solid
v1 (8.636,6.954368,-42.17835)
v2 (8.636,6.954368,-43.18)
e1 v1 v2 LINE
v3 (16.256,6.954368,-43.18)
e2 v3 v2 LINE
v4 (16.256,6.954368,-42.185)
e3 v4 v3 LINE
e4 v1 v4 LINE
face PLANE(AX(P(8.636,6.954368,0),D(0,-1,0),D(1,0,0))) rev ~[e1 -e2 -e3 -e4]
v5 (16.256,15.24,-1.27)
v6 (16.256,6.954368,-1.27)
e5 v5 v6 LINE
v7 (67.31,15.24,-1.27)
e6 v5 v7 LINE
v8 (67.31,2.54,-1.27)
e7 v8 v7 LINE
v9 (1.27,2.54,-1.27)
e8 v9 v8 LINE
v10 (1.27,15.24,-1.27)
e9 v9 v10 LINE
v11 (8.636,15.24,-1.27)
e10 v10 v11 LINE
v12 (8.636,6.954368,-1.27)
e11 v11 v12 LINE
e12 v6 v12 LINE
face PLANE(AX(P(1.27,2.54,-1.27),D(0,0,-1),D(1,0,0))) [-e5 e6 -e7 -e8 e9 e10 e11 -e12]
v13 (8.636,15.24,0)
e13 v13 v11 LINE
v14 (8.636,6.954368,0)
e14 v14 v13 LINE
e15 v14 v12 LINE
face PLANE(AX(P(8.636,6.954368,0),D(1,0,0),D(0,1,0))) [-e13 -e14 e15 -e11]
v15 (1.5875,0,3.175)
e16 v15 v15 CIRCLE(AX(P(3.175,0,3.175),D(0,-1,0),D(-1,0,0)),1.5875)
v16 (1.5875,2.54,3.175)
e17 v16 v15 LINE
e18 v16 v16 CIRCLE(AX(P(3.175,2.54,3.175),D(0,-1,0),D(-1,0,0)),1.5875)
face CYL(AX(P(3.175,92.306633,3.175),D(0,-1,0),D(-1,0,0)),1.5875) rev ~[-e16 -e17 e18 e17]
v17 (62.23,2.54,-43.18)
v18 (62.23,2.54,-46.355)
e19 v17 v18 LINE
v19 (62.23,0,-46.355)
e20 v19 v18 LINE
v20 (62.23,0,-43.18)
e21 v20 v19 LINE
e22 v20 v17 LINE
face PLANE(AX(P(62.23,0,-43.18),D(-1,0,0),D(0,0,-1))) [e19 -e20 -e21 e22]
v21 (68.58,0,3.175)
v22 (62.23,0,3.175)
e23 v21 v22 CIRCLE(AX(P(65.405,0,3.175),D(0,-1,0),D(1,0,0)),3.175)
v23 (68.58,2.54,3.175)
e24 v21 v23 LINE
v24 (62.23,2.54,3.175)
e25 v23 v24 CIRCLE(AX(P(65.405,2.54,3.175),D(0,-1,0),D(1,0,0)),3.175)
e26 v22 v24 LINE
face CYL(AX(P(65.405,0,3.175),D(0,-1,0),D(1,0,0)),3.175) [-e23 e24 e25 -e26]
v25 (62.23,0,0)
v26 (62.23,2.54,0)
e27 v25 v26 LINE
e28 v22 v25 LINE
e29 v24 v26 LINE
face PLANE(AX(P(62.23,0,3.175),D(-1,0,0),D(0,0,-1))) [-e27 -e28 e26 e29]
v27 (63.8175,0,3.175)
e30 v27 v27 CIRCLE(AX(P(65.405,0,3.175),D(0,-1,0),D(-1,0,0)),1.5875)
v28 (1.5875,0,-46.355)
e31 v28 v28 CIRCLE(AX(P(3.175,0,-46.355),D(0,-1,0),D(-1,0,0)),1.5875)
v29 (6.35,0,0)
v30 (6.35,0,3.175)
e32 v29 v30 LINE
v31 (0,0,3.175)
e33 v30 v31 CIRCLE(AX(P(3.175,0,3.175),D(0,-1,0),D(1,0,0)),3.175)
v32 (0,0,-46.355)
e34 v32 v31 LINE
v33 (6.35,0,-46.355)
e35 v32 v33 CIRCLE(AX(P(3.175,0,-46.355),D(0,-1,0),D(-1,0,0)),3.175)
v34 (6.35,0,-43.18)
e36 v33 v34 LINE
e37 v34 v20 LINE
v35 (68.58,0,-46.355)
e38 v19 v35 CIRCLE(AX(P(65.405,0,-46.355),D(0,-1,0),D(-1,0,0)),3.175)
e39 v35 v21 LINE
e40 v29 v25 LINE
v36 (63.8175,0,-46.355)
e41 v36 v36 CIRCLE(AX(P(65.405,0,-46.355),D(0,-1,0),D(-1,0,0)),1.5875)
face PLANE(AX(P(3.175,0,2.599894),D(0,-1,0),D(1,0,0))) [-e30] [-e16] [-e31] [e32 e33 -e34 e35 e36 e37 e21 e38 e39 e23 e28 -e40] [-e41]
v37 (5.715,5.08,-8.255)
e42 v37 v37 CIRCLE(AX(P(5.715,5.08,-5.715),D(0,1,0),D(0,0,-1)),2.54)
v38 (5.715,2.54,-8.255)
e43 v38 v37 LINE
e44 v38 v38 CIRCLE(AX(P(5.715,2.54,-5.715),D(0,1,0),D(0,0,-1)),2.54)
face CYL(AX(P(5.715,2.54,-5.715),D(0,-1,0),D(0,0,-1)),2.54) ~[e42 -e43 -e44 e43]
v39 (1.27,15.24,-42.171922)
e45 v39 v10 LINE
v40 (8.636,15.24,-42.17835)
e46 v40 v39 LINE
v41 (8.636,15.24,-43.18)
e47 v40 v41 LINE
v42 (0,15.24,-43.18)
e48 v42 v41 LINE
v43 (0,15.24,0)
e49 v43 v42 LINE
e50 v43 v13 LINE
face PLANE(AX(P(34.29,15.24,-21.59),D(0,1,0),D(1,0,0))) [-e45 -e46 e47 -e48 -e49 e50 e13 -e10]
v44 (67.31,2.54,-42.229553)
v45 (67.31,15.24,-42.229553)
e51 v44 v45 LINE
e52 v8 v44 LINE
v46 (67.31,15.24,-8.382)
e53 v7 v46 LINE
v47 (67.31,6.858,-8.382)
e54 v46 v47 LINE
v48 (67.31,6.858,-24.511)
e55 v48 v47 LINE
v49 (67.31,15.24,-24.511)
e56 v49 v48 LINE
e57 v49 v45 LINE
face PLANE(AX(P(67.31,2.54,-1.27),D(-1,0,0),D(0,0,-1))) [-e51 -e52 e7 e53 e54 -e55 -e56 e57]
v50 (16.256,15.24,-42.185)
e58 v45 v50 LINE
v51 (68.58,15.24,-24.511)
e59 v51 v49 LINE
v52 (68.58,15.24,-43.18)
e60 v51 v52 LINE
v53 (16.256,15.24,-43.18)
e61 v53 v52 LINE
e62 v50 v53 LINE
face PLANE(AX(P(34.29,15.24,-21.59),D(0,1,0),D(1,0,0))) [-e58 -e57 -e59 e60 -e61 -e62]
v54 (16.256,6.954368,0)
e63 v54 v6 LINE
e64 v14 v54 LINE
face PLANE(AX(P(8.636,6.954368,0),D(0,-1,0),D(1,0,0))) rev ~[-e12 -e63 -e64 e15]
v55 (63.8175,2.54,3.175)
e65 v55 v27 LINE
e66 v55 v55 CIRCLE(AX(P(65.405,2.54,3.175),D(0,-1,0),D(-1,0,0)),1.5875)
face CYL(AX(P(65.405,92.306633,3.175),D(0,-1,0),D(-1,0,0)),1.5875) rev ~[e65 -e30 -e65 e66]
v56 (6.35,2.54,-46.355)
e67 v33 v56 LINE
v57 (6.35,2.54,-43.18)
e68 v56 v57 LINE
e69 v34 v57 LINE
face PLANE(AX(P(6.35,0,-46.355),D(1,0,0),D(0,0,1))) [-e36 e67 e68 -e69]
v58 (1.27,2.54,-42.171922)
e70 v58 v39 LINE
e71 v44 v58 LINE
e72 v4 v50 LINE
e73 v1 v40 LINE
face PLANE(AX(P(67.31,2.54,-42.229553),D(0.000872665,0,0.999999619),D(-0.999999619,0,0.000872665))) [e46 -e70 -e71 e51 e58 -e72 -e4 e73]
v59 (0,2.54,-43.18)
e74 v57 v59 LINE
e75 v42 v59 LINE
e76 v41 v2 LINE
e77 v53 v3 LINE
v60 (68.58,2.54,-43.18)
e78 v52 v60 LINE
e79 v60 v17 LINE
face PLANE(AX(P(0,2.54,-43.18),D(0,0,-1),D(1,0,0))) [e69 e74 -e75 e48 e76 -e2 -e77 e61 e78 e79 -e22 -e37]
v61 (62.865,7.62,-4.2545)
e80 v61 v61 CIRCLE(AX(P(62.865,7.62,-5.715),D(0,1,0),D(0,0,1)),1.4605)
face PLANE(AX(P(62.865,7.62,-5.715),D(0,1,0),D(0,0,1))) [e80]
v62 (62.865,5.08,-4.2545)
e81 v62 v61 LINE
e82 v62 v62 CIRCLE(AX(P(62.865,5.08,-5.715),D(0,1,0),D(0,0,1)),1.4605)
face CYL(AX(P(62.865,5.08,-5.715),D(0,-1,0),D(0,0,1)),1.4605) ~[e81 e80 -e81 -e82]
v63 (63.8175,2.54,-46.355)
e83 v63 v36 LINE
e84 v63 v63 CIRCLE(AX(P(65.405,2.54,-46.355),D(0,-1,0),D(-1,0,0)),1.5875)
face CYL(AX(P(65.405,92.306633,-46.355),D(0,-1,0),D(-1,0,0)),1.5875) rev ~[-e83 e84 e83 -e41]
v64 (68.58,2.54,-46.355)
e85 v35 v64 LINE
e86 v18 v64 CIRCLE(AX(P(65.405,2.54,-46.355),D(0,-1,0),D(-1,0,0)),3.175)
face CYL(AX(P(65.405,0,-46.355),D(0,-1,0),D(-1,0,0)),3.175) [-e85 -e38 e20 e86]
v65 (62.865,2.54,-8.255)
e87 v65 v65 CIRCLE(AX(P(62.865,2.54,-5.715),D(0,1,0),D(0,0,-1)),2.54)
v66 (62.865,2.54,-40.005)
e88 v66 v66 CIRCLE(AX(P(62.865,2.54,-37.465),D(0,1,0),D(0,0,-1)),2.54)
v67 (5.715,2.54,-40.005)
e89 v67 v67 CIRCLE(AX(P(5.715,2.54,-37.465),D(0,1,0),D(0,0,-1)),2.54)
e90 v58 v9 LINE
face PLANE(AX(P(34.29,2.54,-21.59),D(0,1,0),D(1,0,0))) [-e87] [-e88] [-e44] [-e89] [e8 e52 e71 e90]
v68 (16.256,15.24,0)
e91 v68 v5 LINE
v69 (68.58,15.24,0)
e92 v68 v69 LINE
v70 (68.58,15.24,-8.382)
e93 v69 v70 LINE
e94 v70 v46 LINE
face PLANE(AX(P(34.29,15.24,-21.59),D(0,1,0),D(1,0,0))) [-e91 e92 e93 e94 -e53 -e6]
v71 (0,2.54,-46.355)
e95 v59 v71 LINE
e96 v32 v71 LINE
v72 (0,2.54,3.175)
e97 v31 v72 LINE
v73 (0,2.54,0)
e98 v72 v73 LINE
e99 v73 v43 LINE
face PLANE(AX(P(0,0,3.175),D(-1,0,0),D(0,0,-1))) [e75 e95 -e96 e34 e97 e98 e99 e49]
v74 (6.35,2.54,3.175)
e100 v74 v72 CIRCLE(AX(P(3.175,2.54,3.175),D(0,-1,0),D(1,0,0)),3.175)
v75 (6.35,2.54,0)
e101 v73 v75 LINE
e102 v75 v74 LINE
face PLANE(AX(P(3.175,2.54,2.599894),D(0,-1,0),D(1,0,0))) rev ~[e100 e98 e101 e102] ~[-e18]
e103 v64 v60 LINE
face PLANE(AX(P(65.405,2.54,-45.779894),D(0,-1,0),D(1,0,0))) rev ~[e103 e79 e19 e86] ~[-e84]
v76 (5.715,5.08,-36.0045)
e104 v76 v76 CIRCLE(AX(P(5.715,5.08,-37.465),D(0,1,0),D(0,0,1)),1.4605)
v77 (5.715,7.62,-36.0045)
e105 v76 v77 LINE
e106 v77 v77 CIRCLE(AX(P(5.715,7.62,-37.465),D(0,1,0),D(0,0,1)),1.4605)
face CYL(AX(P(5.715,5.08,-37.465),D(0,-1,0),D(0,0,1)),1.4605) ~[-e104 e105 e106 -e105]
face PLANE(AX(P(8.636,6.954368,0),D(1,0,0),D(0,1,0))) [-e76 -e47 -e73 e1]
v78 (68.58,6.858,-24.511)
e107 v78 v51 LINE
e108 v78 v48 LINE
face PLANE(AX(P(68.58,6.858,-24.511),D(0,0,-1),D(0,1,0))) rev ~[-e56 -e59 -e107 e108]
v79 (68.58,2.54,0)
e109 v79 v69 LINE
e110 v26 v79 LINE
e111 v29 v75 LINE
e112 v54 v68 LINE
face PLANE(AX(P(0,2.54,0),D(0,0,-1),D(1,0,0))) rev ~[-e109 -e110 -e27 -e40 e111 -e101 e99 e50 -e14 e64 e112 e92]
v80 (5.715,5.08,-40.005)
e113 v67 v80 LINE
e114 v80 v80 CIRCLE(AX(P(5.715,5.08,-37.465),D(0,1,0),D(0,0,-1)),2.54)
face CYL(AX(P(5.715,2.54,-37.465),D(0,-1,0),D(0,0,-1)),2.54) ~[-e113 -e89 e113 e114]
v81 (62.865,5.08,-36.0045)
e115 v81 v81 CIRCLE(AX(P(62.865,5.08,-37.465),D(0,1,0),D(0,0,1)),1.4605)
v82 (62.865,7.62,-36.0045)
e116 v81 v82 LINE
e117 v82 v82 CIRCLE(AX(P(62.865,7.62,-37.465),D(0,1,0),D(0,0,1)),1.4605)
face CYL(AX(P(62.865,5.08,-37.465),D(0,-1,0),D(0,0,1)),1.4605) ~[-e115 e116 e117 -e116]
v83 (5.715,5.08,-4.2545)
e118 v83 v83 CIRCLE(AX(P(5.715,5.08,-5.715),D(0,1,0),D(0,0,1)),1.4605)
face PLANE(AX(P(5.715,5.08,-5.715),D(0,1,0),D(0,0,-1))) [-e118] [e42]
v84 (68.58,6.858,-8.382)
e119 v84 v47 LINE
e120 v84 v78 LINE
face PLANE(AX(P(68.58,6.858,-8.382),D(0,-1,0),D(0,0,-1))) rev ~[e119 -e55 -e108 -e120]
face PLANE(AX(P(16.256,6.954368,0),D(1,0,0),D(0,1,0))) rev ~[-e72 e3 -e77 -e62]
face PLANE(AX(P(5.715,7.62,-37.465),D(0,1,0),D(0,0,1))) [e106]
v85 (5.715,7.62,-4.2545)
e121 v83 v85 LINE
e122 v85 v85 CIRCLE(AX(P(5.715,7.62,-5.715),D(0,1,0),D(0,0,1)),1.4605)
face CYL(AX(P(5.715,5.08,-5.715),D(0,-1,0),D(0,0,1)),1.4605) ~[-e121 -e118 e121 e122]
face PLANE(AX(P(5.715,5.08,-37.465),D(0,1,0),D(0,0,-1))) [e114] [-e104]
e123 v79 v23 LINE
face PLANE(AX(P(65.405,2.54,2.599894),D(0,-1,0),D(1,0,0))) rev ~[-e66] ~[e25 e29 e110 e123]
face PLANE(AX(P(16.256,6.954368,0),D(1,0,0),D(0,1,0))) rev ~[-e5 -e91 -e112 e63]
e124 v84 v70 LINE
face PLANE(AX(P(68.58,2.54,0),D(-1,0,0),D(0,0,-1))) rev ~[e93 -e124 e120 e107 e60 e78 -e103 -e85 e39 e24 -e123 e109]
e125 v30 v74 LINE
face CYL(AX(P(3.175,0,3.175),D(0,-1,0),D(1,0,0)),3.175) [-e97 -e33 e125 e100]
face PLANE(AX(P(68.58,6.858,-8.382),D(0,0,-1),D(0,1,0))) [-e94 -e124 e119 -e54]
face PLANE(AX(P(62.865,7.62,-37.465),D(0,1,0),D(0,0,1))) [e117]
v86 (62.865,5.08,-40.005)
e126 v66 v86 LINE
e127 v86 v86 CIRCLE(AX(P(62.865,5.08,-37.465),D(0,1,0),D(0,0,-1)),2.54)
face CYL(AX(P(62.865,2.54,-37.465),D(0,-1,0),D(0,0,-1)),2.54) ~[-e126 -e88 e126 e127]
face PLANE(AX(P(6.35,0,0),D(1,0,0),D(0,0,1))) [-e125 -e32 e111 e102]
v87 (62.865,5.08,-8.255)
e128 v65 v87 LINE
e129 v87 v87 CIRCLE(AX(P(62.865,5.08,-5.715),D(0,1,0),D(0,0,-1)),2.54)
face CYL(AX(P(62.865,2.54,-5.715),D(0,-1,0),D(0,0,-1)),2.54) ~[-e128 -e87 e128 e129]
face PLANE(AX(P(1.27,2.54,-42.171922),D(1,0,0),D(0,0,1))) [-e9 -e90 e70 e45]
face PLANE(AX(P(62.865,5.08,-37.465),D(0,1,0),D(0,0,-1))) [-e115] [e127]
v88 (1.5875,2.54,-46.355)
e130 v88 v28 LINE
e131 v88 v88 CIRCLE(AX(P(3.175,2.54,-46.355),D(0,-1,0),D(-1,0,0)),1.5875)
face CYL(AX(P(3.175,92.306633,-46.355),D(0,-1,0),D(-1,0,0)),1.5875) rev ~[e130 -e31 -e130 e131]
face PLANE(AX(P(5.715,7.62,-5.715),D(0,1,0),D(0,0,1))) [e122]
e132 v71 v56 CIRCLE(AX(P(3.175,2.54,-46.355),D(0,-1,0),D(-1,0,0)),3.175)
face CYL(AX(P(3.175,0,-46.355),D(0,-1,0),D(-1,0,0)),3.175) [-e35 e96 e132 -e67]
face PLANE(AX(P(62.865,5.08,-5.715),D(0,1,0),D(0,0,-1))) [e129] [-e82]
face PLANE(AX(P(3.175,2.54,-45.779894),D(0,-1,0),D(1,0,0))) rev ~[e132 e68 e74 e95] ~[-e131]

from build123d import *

# Parameters (mm, degrees)
SKETCH1_W                    = 68.58
SKETCH1_H                    = 43.18
BOSS_EXTRUDE1_DEPTH          = 2.54
SKETCH5_R                    = 2.54
BOSS_EXTRUDE2_DEPTH          = 2.54
SKETCH6_W                    = 68.58
SKETCH6_H                    = 43.18
BOSS_EXTRUDE3_DEPTH          = 12.7
SKETCH7_R                    = 1.4605
BOSS_EXTRUDE4_DEPTH          = 2.54
SKETCH8_W                    = 7.62
SKETCH8_H                    = 8.2856324
CUT_EXTRUDE1_DEPTH           = 83.46203005
SKETCH9_W                    = 16.129
SKETCH9_H                    = 8.382
CUT_EXTRUDE2_DEPTH           = 2.032
BOSS_EXTRUDE5_DEPTH          = 2.54
F_1_8_0_125_DIAMETER_HOLE1_D = 3.175


with BuildPart() as part:
    # Sketch1 → Boss-Extrude1 (new body)
    with BuildSketch(Plane(origin=(0, 0, 0), x_dir=(1, 0, 0), z_dir=(0, 1, 0))):
        with Locations((34.29, 21.59)):
            Rectangle(SKETCH1_W, SKETCH1_H)
    extrude(amount=BOSS_EXTRUDE1_DEPTH)

    # Sketch5 → Boss-Extrude2 (add)
    with BuildSketch(Plane(origin=(0, 2.54, 0), x_dir=(1, 0, 0), z_dir=(0, 1, 0))):
        with Locations(Location((5.715, 37.465, 0), (0, 0, 90))):
            Circle(SKETCH5_R)
        with Locations(Location((62.865, 37.465, 0), (0, 0, 90))):
            Circle(SKETCH5_R)
        with Locations(Location((5.715, 5.715, 0), (0, 0, 90))):
            Circle(SKETCH5_R)
        with Locations(Location((62.865, 5.715, 0), (0, 0, 90))):
            Circle(SKETCH5_R)
    extrude(amount=BOSS_EXTRUDE2_DEPTH)

    # Sketch6 → Boss-Extrude3 (add)
    with BuildSketch(Plane(origin=(0, 2.54, 0), x_dir=(1, 0, 0), z_dir=(0, 1, 0))):
        with Locations((34.29, 21.59)):
            Rectangle(SKETCH6_W, SKETCH6_H)
        Polygon((1.27, 42.171922196), (1.27, 1.27), (67.31, 1.27), (67.31, 42.229552983), align=None, mode=Mode.SUBTRACT)
    extrude(amount=BOSS_EXTRUDE3_DEPTH)

    # Sketch7 → Boss-Extrude4 (add)
    with BuildSketch(Plane(origin=(0, 5.08, 0), x_dir=(1, 0, 0), z_dir=(0, 1, 0))):
        with Locations(Location((5.715, 37.465, 0), (0, 0, 270))):
            Circle(SKETCH7_R)
        with Locations(Location((5.715, 5.715, 0), (0, 0, 270))):
            Circle(SKETCH7_R)
        with Locations(Location((62.865, 5.715, 0), (0, 0, 270))):
            Circle(SKETCH7_R)
        with Locations(Location((62.865, 37.465, 0), (0, 0, 270))):
            Circle(SKETCH7_R)
    extrude(amount=BOSS_EXTRUDE4_DEPTH)

    # Sketch8 → Cut-Extrude1 (cut, through all)
    with BuildSketch(Plane.XY):
        with Locations((12.446, 11.0971838)):
            Rectangle(SKETCH8_W, SKETCH8_H)
    extrude(amount=-CUT_EXTRUDE1_DEPTH, mode=Mode.SUBTRACT)

    # Sketch9 → Cut-Extrude2 (cut)
    with BuildSketch(Plane(origin=(68.58, 0, 0), x_dir=(0, 0, -1), z_dir=(1, 0, 0))):
        with Locations((16.4465, 11.049)):
            Rectangle(SKETCH9_W, SKETCH9_H)
    extrude(amount=-CUT_EXTRUDE2_DEPTH, mode=Mode.SUBTRACT)

    # Sketch10 → Boss-Extrude5 (add)
    with BuildSketch(Plane.XZ):
        with BuildLine():
            Line((0, 3.175), (0, 0))
            Line((0, 0), (6.35, 0))
            Line((6.35, 0), (6.35, 3.175))
            ThreePointArc((6.35, 3.175), (3.175, 6.35), (0, 3.175))
        make_face()
        with BuildLine():
            Line((6.35, -46.355), (6.35, -43.18))
            Line((6.35, -43.18), (0, -43.18))
            Line((0, -43.18), (0, -46.355))
            ThreePointArc((0, -46.355), (3.175, -49.53), (6.35, -46.355))
        make_face()
        with BuildLine():
            Line((68.58, -46.355), (68.58, -43.18))
            Line((68.58, -43.18), (62.23, -43.18))
            Line((62.23, -43.18), (62.23, -46.355))
            ThreePointArc((62.23, -46.355), (65.405, -49.53), (68.58, -46.355))
        make_face()
        with BuildLine():
            Line((62.23, 3.175), (62.23, 0))
            Line((62.23, 0), (68.58, 0))
            Line((68.58, 0), (68.58, 3.175))
            ThreePointArc((68.58, 3.175), (65.405, 6.35), (62.23, 3.175))
        make_face()
    extrude(amount=-BOSS_EXTRUDE5_DEPTH)

    # 1/8 (0.125) Diameter Hole1 (through all)
    with Locations(Plane(origin=(0, 2.54, 0), x_dir=(1, 0, 0), z_dir=(0, 1, 0))):
        with Locations((65.405, 46.355), (3.175, 46.355), (3.175, -3.175), (65.405, -3.175)):
            Hole(F_1_8_0_125_DIAMETER_HOLE1_D / 2)


solid = part.part
